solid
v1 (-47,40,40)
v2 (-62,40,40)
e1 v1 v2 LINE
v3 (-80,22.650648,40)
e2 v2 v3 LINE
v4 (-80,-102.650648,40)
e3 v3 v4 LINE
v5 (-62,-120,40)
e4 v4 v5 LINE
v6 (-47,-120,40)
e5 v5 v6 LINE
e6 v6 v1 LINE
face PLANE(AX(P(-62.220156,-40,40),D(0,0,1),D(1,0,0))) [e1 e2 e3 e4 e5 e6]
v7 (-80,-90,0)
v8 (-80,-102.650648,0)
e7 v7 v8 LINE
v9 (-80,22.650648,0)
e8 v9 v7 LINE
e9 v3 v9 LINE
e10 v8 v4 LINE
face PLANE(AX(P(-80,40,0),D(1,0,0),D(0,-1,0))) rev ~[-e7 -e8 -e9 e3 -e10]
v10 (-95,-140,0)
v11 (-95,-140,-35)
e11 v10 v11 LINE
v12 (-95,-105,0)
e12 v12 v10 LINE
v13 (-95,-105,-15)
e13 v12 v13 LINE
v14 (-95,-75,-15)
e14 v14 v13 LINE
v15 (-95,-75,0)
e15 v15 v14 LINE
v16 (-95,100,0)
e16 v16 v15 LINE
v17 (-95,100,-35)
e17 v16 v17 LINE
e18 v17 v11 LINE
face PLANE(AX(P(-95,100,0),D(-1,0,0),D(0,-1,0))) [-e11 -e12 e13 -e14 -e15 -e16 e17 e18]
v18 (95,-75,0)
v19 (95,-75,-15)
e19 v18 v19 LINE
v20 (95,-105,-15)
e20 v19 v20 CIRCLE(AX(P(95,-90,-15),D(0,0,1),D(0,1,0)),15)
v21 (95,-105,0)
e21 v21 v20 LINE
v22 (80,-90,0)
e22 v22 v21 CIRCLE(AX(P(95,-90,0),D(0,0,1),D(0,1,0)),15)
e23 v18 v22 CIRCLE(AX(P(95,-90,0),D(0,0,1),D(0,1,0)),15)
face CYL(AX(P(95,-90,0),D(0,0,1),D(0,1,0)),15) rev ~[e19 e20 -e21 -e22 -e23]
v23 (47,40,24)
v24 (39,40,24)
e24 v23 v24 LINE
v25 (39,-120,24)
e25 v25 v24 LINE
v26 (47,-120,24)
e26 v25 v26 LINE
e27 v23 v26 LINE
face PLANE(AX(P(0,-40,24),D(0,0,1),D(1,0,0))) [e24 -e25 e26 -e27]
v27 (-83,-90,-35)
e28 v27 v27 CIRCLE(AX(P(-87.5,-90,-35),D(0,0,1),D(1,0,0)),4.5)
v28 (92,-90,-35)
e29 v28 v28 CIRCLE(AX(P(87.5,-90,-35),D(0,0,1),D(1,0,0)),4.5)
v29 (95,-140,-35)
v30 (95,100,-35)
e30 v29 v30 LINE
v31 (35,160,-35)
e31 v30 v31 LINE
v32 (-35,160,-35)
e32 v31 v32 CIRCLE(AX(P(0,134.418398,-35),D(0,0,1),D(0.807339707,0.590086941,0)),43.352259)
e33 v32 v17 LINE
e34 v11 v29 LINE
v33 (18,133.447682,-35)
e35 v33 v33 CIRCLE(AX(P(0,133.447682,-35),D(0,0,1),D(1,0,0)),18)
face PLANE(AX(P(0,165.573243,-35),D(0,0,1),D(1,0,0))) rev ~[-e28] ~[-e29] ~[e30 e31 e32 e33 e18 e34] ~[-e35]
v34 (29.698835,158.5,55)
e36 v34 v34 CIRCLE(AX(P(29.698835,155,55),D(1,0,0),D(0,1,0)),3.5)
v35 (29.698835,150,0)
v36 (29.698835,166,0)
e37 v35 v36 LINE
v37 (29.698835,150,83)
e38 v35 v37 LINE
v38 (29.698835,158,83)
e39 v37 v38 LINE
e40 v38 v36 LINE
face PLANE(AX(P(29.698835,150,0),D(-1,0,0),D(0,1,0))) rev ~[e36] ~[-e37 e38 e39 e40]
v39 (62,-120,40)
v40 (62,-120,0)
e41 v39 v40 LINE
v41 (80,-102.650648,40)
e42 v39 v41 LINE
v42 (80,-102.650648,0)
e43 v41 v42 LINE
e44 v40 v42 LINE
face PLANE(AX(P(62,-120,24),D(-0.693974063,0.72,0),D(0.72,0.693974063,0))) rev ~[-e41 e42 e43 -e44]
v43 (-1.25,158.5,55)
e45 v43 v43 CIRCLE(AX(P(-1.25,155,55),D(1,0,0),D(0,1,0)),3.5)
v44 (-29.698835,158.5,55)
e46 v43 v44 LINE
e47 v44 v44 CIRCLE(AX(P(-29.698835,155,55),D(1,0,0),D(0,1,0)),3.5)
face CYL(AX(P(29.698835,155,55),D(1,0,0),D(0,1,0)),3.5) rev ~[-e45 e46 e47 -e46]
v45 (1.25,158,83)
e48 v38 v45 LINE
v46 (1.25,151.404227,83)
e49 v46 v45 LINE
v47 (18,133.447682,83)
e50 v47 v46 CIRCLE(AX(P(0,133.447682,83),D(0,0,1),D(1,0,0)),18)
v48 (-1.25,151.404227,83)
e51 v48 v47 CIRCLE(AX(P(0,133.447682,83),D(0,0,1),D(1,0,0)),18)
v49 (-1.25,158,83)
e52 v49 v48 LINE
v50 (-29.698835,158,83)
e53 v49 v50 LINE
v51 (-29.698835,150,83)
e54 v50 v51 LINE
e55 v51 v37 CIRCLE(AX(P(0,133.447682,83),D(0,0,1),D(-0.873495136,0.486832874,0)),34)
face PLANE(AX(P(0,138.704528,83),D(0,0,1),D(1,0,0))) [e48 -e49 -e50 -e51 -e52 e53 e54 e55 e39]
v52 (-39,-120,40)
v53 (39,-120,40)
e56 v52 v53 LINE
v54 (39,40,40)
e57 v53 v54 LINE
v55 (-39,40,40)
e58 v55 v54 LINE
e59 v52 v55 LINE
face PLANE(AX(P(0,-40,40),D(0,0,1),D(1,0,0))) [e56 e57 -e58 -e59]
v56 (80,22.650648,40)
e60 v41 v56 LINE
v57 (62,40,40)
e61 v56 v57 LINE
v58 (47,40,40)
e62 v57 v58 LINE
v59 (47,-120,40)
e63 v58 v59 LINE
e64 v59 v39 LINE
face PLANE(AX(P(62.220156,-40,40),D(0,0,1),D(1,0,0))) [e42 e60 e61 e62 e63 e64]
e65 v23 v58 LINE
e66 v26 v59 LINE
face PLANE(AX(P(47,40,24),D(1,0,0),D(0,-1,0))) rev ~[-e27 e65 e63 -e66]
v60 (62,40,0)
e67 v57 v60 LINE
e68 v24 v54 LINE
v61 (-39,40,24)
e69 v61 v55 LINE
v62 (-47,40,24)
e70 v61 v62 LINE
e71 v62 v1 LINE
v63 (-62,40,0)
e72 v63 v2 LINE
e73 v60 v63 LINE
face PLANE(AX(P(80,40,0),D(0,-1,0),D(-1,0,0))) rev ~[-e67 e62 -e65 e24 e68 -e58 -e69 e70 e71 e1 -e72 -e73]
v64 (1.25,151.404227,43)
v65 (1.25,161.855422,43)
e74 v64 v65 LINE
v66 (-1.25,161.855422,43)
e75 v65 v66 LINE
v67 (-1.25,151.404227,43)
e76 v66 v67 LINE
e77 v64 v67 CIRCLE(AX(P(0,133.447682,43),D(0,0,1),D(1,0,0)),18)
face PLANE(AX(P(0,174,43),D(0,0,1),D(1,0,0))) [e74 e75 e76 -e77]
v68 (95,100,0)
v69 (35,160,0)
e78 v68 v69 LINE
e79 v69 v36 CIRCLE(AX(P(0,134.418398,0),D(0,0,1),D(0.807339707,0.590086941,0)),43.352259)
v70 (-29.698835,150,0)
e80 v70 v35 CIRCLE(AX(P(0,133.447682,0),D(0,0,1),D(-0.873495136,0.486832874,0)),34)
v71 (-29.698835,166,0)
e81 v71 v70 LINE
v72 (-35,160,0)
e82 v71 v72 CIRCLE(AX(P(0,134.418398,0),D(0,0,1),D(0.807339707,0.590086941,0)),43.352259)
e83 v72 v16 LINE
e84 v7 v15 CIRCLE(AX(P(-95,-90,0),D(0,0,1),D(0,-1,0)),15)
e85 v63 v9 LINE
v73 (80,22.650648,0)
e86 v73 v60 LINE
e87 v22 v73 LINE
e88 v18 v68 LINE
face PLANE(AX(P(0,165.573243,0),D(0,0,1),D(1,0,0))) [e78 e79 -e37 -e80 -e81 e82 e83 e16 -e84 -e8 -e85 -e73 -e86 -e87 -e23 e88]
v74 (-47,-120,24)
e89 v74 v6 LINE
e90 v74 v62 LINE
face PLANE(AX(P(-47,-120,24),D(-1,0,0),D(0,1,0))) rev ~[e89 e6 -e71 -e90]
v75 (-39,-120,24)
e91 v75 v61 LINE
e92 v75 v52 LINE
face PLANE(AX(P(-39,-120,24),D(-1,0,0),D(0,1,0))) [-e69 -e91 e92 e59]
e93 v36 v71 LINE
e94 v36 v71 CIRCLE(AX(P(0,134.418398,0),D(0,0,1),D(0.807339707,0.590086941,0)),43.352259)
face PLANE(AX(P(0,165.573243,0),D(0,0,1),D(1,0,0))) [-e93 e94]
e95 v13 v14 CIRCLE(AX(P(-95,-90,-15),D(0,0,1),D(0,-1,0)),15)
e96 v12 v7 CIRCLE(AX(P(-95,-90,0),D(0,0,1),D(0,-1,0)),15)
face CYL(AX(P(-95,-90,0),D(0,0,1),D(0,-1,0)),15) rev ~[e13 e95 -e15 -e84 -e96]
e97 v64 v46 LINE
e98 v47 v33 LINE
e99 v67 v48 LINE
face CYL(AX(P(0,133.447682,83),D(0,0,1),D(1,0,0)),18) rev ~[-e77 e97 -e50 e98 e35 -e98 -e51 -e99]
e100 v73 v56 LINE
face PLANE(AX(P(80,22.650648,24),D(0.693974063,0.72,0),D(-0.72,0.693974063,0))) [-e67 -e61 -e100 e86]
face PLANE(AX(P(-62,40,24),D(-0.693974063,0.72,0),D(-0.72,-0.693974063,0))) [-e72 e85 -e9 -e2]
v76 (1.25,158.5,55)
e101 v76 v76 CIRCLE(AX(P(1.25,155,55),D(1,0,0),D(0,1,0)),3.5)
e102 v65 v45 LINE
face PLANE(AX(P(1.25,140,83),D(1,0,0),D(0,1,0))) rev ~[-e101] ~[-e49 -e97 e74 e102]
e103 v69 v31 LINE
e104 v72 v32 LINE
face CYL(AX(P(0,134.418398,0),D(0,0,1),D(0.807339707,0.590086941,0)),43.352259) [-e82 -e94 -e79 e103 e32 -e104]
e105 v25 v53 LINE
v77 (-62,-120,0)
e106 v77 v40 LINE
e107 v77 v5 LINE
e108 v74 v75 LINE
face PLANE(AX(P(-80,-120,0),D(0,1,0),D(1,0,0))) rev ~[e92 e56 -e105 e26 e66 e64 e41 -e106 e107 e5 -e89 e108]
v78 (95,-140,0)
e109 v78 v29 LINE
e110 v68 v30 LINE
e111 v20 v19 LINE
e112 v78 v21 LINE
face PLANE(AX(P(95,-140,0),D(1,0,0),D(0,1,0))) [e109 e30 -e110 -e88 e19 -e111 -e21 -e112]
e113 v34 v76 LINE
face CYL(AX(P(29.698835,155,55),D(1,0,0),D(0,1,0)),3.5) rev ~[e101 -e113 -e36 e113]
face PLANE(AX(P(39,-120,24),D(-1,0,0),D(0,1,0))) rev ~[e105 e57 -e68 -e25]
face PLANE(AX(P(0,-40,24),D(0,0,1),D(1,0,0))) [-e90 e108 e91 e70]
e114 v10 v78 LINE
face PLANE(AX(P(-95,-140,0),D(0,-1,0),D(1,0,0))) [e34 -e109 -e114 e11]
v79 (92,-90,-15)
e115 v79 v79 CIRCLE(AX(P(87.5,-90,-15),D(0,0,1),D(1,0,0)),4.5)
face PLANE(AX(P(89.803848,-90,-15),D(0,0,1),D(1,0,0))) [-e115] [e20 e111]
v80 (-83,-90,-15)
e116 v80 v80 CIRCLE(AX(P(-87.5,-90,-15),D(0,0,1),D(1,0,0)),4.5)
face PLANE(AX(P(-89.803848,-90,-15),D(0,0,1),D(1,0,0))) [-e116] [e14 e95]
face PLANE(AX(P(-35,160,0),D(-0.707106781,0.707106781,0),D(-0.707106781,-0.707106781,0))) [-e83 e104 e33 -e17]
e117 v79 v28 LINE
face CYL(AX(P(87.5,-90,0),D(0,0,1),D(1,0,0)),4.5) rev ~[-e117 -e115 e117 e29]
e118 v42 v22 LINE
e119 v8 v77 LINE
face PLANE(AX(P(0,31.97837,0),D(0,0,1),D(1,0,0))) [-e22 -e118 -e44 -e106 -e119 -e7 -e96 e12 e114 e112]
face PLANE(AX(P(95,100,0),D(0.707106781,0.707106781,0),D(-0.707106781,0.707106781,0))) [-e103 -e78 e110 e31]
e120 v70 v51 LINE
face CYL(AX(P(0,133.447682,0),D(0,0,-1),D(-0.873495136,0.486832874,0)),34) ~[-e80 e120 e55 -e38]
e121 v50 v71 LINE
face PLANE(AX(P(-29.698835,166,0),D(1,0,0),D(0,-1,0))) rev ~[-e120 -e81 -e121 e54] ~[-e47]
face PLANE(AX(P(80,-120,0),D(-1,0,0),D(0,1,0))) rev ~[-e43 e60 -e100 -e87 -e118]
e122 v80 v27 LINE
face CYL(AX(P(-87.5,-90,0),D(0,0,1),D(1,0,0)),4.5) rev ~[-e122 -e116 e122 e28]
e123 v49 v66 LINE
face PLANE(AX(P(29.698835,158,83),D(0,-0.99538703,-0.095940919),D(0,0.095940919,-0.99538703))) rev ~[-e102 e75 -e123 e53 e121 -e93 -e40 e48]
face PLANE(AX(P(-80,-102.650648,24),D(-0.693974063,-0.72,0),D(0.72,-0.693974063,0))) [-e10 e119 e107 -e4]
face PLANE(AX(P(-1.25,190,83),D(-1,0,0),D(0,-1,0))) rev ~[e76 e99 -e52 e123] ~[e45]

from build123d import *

# Parameters (mm, degrees)
F0_R      = 4.5
F1_DEPTH  = 35
F2_DEPTH  = 24
F3_DEPTH  = 15
F5_DEPTH  = 35
F7_DEPTH  = 83
F9_DEPTH  = 125
F10_R     = 18
F11_DEPTH = 222
F12_W     = 2.5
F12_H     = 32
F13_DEPTH = 40
F8_R      = 3.5
F14_DEPTH = 94.3
F15_W     = 78
F15_H     = 160
F16_DEPTH = 16
F17_DEPTH = 24


with BuildPart() as f1:
    # F0 (on Top) → F1 (new body)
    with BuildSketch(Plane.XY):
        with BuildLine():
            Line((35, 160), (-35, 160))
            Line((-35, 160), (-95, 100))
            Line((-95, 100), (-95, -75))
            ThreePointArc((-95, -75), (-84.3933982822, -79.3933982822), (-80, -90))
            Line((-80, -90), (-80, 40))
            Line((-80, 40), (80, 40))
            Line((80, 40), (80, -90))
            ThreePointArc((80, -90), (84.3933982822, -79.3933982822), (95, -75))
            Line((95, -75), (95, 100))
            Line((95, 100), (35, 160))
        make_face()
        Polygon((-80, 40), (-80, -90), (-80, -120), (80, -120), (80, -90), (80, 40), align=None)
        with BuildLine():
            ThreePointArc((-80, -90), (-84.3933982822, -100.6066017178), (-95, -105))
            Line((-95, -105), (-95, -140))
            Line((-95, -140), (95, -140))
            Line((95, -140), (95, -105))
            ThreePointArc((95, -105), (84.3933982822, -100.6066017178), (80, -90))
            Line((80, -90), (80, -120))
            Line((80, -120), (-80, -120))
            Line((-80, -120), (-80, -90))
        make_face()
        with BuildLine():
            Line((95, -105), (95, -75))
            ThreePointArc((95, -75), (84.3933982822, -79.3933982822), (80, -90))
            ThreePointArc((80, -90), (84.3933982822, -100.6066017178), (95, -105))
        make_face()
        with Locations((87.5, -90)):
            Circle(F0_R, mode=Mode.SUBTRACT)
        with BuildLine():
            ThreePointArc((-80, -90), (-84.3933982822, -79.3933982822), (-95, -75))
            Line((-95, -75), (-95, -105))
            ThreePointArc((-95, -105), (-84.3933982822, -100.6066017178), (-80, -90))
        make_face()
        with Locations((-87.5, -90)):
            Circle(F0_R, mode=Mode.SUBTRACT)
    extrude(amount=-F1_DEPTH)

    # F0 (on Top) → F2 (join)
    with BuildSketch(Plane.XY):
        Polygon((-80, 40), (-80, -90), (-80, -120), (80, -120), (80, -90), (80, 40), align=None)
    extrude(amount=F2_DEPTH)

    # F0 (on Top) → F3 (cut)
    with BuildSketch(Plane.XY):
        with BuildLine():
            ThreePointArc((-80, -90), (-84.3933982822, -79.3933982822), (-95, -75))
            Line((-95, -75), (-95, -105))
            ThreePointArc((-95, -105), (-84.3933982822, -100.6066017178), (-80, -90))
        make_face()
        with Locations((-87.5, -90)):
            Circle(F0_R, mode=Mode.SUBTRACT)
        with BuildLine():
            Line((95, -105), (95, -75))
            ThreePointArc((95, -75), (84.3933982822, -79.3933982822), (80, -90))
            ThreePointArc((80, -90), (84.3933982822, -100.6066017178), (95, -105))
        make_face()
        with Locations((87.5, -90)):
            Circle(F0_R, mode=Mode.SUBTRACT)
    extrude(amount=-F3_DEPTH, mode=Mode.SUBTRACT)

    # F4 (on face) → F5 (join)
    with BuildSketch(Plane.XY):
        with BuildLine():
            Line((-35, 160), (35, 160))
            ThreePointArc((35, 160), (0, 177.7706570637), (-35, 160))
        make_face()
    extrude(amount=-F5_DEPTH)

    # F6 (on face) → F7 (join)
    with BuildSketch(Plane.XY):
        with BuildLine():
            Line((29.6988346186, 166), (-29.6988346186, 166))
            Line((-29.6988346186, 166), (-29.6988346186, 150))
            ThreePointArc((-29.6988346186, 150), (0, 99.4476822681), (29.6988346186, 150))
            Line((29.6988346186, 150), (29.6988346186, 166))
        make_face()
    extrude(amount=F7_DEPTH)

    # F8 (on face) → F9 (cut)
    with BuildSketch(Plane.YZ.offset(29.6988346186)):
        Polygon((158, 83), (166, 0), (166, 83), align=None)
    extrude(amount=-F9_DEPTH, mode=Mode.SUBTRACT)

    # F10 (on face) → F11 (cut)
    with BuildSketch(Plane.XY.offset(83)):
        with Locations((0, 133.4476822681)):
            Circle(F10_R)
    extrude(amount=-F11_DEPTH, mode=Mode.SUBTRACT)

    # F12 (on face) → F13 (cut)
    with BuildSketch(Plane.XY.offset(83)):
        with Locations((0, 174)):
            Rectangle(F12_W, F12_H)
        with BuildLine():
            Line((1.25, 158), (-1.25, 158))
            Line((-1.25, 158), (-1.25, 151.404227036))
            ThreePointArc((-1.25, 151.404227036), (0, 151.4476822681), (1.25, 151.404227036))
            Line((1.25, 151.404227036), (1.25, 158))
        make_face()
        with BuildLine():
            ThreePointArc((1.25, 151.404227036), (0, 151.4476822681), (-1.25, 151.404227036))
            Line((-1.25, 151.404227036), (-1.25, 140))
            Line((-1.25, 140), (1.25, 140))
            Line((1.25, 140), (1.25, 151.404227036))
        make_face()
    extrude(amount=-F13_DEPTH, mode=Mode.SUBTRACT)

    # F8 (on face) → F14 (cut)
    with BuildSketch(Plane.YZ.offset(29.6988346186)):
        with Locations((155, 55)):
            Circle(F8_R)
    extrude(amount=-F14_DEPTH, mode=Mode.SUBTRACT)

    # F15 (on face) → F16 (join)
    with BuildSketch(Plane.XY.offset(24)):
        Polygon((62, 40), (47, 40), (47, -120), (62, -120), (80, -102.6506484271), (80, 22.6506484271), align=None)
        with Locations((0, -40)):
            Rectangle(F15_W, F15_H)
        Polygon((-47, -120), (-47, 40), (-62, 40), (-80, 22.6506484271), (-80, -102.6506484271), (-62, -120), align=None)
    extrude(amount=F16_DEPTH)

    # F17 (cut): faces of the model
    f17_faces = [f1.faces().sort_by_distance(p)[0] for p in [
        (-74, 34.216882809, 24),
        (-74, -114.216882809, 24),
        (74, -114.216882809, 24),
        (74, 34.216882809, 24),
    ]]
    extrude(f17_faces, amount=-F17_DEPTH, mode=Mode.SUBTRACT)


solid = f1.part
